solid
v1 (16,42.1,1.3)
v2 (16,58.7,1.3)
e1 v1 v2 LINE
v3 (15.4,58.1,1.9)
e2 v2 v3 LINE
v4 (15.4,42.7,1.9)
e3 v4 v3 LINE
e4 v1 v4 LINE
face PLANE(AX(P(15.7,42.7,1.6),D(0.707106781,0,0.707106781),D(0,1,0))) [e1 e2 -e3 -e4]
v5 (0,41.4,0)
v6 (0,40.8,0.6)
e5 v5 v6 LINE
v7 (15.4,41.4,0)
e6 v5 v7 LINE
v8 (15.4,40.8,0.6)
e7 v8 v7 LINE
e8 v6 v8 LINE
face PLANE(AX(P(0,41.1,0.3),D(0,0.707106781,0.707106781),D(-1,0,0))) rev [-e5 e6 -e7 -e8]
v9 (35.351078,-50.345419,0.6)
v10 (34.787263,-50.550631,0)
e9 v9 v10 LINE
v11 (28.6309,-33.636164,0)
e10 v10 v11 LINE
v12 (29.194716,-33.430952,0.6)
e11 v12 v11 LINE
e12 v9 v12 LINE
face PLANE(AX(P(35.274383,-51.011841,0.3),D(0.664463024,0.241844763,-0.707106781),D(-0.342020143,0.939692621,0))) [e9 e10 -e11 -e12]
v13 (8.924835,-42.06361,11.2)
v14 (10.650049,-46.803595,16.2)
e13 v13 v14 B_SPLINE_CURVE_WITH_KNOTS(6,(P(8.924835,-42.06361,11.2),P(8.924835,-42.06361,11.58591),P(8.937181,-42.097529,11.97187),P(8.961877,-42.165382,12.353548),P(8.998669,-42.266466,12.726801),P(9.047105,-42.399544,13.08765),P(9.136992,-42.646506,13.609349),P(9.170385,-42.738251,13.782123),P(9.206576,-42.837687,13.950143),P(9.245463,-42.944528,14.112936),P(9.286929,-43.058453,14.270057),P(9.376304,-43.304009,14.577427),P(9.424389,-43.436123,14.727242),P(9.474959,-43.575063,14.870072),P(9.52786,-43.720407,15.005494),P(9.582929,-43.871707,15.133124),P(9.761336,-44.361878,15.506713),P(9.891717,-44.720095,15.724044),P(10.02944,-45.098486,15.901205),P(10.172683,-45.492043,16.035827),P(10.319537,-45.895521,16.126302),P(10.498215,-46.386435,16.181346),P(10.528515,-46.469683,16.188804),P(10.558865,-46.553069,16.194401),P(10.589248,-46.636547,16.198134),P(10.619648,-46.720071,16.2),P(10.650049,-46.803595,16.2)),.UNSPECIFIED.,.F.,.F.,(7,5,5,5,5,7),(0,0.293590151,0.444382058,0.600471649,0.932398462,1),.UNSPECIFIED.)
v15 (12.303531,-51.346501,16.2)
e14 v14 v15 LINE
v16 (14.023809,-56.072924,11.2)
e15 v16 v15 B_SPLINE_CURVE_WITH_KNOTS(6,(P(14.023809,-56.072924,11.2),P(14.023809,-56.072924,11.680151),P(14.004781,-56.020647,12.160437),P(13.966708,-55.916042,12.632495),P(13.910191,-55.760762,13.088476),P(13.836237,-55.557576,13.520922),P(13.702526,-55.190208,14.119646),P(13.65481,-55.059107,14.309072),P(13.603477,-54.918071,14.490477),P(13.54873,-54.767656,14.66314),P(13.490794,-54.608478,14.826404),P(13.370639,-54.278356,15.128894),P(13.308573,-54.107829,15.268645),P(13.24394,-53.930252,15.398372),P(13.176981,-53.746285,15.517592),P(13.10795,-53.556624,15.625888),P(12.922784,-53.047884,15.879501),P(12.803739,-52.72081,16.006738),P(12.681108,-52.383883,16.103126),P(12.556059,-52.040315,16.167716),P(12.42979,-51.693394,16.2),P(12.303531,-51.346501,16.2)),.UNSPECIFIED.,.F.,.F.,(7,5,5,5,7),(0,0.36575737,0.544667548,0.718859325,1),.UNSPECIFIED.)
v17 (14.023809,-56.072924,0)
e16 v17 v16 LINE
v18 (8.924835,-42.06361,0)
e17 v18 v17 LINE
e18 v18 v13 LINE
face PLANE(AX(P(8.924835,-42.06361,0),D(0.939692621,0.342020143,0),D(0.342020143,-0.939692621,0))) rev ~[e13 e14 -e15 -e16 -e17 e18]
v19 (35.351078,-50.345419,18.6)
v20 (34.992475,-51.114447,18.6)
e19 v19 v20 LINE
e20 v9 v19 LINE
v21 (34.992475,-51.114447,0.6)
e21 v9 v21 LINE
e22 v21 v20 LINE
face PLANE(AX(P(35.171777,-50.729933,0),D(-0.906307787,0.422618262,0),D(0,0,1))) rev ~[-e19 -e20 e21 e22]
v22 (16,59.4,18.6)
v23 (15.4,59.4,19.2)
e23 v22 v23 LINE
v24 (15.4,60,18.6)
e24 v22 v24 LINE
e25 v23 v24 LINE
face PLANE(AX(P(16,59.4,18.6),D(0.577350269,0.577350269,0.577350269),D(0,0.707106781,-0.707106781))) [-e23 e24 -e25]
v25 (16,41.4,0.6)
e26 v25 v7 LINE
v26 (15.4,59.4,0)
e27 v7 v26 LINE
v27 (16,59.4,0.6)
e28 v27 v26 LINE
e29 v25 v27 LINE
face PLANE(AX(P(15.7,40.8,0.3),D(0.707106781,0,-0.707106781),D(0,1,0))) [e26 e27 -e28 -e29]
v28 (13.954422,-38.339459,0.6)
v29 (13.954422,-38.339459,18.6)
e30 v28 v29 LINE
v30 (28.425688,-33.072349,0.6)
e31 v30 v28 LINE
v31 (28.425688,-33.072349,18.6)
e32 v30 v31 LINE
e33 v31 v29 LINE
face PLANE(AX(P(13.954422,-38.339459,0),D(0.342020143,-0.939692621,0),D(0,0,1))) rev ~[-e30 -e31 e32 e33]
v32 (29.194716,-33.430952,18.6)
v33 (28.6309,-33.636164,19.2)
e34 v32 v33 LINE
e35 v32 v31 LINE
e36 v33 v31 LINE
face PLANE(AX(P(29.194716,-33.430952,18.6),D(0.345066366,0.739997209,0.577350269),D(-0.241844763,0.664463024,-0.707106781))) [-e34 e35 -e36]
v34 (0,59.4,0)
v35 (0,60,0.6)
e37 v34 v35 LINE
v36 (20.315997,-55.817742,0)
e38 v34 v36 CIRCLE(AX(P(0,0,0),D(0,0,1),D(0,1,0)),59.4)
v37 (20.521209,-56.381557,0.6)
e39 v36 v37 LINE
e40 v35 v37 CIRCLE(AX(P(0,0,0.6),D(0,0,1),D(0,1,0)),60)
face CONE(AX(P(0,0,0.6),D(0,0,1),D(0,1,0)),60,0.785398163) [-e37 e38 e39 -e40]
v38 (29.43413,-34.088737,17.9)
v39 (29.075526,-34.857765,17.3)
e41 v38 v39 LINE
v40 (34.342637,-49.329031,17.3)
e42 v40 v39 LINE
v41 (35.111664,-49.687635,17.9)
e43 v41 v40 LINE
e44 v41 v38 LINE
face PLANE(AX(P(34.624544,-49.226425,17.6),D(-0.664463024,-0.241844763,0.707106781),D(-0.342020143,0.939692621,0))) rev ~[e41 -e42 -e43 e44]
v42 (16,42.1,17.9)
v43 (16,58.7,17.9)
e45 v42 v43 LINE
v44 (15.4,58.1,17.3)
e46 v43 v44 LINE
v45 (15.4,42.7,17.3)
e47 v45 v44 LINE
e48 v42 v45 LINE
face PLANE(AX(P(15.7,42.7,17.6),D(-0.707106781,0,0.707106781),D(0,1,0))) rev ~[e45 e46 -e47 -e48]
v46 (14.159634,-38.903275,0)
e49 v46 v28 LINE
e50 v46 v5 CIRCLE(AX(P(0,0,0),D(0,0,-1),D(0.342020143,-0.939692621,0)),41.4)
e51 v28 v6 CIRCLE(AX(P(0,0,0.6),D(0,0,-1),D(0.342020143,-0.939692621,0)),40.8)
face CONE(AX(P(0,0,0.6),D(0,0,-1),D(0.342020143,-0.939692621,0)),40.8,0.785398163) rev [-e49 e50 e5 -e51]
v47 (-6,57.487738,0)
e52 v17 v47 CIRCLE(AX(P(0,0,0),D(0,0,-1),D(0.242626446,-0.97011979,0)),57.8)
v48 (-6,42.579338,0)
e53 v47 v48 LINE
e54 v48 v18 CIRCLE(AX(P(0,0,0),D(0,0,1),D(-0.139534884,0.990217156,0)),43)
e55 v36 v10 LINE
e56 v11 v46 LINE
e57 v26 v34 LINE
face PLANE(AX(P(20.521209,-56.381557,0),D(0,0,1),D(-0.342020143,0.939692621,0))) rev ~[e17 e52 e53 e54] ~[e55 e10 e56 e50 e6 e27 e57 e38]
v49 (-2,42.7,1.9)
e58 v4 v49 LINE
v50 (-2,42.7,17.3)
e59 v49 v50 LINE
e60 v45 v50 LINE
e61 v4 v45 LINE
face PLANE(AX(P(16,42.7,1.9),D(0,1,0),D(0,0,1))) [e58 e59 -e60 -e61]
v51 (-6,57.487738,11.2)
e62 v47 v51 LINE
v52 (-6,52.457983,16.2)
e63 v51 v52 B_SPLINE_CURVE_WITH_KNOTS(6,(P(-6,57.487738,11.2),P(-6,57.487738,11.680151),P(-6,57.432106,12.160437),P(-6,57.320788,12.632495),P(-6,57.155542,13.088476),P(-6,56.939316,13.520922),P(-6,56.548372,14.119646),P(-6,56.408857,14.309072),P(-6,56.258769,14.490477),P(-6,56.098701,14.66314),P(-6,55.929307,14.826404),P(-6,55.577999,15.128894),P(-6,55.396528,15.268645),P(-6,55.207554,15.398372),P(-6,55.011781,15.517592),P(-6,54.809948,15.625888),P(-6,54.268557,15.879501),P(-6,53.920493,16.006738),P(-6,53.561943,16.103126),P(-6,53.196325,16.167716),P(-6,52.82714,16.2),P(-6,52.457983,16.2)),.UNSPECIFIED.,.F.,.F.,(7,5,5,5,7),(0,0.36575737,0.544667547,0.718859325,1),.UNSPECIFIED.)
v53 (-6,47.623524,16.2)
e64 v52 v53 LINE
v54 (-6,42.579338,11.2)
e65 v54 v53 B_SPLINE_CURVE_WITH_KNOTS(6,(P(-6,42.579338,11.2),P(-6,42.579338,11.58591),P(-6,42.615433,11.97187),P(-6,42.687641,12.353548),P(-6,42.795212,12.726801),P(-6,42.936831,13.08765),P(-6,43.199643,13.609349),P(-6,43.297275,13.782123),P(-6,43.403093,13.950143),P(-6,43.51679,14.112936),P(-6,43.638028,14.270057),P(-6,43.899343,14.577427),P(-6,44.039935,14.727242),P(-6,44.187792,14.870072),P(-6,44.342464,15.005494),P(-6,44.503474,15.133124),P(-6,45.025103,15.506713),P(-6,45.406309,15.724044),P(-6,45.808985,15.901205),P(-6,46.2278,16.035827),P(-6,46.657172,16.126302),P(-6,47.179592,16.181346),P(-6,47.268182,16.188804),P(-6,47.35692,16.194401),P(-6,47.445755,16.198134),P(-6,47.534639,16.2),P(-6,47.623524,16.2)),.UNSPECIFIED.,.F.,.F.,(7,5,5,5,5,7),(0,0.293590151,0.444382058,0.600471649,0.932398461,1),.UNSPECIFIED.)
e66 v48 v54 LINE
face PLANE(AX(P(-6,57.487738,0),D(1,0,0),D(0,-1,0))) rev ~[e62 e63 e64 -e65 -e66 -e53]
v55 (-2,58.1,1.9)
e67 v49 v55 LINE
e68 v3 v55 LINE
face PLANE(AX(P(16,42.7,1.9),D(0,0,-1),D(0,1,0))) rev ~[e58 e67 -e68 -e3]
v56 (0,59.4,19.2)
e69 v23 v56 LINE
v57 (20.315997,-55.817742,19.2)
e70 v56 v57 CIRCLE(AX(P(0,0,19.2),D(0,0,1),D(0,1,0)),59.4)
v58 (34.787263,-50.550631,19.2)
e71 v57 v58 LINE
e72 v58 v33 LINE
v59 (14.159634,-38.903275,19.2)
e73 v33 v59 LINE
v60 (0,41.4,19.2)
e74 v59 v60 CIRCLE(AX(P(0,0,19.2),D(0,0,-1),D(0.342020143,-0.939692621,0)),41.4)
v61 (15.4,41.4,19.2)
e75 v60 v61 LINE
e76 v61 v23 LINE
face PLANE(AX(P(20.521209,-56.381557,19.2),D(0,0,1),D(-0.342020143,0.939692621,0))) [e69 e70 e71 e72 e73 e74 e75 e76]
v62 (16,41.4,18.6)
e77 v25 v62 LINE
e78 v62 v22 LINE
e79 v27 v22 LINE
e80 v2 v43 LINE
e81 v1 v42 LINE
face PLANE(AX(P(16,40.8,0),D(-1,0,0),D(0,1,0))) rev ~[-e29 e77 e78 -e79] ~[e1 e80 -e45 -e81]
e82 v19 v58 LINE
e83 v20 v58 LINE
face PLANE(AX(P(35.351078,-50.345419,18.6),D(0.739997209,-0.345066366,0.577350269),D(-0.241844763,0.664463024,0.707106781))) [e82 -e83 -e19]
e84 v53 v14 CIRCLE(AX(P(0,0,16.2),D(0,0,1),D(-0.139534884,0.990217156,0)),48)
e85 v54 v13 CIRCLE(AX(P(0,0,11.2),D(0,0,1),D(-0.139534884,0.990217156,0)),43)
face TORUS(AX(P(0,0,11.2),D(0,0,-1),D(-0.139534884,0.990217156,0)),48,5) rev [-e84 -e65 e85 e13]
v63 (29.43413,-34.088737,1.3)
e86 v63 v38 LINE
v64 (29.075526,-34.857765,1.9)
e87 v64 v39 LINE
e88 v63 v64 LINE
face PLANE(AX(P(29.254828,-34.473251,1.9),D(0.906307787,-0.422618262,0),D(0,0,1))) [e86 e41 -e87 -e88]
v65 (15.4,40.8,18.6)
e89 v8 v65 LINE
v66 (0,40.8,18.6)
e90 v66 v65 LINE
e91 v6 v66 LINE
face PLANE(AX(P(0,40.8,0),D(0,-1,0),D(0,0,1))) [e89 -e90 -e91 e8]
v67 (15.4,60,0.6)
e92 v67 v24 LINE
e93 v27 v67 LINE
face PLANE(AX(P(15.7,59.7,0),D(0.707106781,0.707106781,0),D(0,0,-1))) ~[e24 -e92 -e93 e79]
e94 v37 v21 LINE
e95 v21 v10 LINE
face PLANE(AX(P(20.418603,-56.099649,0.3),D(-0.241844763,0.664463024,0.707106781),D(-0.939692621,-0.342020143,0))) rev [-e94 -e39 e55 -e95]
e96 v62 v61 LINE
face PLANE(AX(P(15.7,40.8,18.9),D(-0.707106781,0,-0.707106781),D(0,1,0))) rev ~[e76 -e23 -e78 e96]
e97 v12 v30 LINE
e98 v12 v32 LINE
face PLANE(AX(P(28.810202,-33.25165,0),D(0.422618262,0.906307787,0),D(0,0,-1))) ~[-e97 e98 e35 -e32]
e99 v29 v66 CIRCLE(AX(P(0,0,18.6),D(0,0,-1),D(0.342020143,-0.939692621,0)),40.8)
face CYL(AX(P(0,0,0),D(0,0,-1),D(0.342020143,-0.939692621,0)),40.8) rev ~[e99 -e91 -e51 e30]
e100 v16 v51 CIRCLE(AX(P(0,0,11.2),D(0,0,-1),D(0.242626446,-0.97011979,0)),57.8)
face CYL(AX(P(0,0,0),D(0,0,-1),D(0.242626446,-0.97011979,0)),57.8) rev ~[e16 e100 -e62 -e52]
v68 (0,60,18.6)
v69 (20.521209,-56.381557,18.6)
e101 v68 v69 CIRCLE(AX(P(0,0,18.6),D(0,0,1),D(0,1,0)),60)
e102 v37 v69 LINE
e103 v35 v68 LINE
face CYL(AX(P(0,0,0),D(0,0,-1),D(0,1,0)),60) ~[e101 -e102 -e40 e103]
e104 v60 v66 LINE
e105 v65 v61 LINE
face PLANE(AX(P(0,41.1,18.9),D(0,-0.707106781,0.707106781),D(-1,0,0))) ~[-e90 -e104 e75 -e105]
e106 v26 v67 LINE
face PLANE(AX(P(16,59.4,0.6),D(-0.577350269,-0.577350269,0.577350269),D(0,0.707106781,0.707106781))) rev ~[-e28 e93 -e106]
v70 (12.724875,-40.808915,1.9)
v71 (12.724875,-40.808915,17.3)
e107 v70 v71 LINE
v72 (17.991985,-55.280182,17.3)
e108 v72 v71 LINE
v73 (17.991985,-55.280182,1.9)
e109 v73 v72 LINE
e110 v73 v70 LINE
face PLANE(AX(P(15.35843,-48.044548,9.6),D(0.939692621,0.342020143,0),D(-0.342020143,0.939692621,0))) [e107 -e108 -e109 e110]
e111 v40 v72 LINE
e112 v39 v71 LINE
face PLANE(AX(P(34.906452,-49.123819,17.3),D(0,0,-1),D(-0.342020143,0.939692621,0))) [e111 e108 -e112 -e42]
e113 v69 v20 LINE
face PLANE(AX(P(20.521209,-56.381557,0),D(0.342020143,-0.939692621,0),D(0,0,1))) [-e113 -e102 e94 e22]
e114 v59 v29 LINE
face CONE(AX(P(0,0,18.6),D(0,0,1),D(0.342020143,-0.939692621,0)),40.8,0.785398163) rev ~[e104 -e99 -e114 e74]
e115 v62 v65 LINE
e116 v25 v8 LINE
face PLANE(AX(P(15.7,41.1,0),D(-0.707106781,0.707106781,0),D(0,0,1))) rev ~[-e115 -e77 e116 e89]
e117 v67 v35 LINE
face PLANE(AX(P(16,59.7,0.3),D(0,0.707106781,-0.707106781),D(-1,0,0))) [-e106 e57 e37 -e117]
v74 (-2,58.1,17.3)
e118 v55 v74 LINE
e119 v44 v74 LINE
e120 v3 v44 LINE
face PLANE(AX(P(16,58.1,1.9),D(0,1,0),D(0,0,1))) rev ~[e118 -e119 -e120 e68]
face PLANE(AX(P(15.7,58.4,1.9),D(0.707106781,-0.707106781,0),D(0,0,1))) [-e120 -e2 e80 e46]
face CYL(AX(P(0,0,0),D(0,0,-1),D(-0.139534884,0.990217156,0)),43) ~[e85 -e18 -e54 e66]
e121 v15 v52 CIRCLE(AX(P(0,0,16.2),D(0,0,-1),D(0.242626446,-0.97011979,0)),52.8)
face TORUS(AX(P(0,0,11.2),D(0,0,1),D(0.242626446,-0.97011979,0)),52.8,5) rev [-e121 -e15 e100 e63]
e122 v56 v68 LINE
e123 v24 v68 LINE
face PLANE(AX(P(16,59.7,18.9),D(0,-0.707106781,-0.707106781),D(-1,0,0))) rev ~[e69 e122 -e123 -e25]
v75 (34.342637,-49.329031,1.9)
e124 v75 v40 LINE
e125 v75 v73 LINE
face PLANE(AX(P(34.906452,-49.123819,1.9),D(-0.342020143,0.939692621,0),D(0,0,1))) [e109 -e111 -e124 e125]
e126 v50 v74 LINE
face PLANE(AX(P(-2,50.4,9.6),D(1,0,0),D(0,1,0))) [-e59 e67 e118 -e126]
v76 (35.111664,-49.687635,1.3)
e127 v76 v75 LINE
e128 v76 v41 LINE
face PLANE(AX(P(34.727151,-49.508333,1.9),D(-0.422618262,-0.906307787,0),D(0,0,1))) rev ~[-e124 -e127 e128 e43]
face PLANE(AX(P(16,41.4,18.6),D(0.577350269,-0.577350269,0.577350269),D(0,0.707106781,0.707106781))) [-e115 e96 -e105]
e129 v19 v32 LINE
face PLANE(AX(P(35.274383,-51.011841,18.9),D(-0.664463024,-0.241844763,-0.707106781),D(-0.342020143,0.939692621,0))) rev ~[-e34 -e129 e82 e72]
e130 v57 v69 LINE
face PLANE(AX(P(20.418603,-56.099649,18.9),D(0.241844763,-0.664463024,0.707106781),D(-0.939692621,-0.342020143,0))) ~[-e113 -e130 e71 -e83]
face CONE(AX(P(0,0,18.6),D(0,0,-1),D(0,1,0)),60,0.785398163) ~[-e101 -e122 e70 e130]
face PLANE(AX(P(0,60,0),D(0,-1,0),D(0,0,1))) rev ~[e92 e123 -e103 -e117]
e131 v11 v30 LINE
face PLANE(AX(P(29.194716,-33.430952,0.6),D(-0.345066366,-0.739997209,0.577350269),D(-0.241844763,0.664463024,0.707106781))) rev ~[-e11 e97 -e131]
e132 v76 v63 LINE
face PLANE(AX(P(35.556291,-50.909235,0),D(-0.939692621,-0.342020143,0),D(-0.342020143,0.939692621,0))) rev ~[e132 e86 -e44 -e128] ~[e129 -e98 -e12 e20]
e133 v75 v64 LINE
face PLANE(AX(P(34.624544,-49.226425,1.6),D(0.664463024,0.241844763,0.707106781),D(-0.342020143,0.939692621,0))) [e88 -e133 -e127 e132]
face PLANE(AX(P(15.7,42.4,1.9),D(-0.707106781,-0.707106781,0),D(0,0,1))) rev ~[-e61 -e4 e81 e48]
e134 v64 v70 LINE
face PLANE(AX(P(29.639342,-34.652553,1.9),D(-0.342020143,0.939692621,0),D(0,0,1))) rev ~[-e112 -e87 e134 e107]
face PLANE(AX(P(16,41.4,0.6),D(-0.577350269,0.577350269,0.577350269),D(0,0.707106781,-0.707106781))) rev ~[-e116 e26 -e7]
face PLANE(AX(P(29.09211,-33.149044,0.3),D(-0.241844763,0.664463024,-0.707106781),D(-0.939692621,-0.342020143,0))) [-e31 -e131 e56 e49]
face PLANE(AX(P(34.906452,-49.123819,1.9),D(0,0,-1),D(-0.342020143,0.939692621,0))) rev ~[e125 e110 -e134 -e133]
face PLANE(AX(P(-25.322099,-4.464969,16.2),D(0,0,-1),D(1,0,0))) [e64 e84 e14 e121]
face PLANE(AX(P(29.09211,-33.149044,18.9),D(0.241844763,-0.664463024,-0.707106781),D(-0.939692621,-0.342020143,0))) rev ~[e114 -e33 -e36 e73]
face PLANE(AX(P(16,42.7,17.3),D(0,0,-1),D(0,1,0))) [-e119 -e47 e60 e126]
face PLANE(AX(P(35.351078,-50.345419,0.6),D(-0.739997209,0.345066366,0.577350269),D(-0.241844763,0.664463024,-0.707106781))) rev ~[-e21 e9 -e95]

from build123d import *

# Parameters (mm, degrees)
F1_DEPTH  = 19.2
F2_DEPTH  = 16
F3_DEPTH  = 16
F4_W      = 15.4
F4_H      = 15.4
F5_DEPTH  = 18
F6_W      = 15.4
F6_H      = 15.4
F7_DEPTH  = 18
F8_SIZE   = 0.6
F10_DEPTH = 16.2
F11_R     = 5


with BuildPart() as f1:
    # F0 (on Top) → F1 (new body)
    with BuildSketch(Plane.XY):
        with BuildLine():
            Line((0, 40.8), (0, 60))
            ThreePointArc((0, 60), (-59.0884651807, -10.41889066), (20.5212085995, -56.3815572472))
            Line((20.5212085995, -56.3815572472), (13.9544218477, -38.3394589281))
            ThreePointArc((13.9544218477, -38.3394589281), (-40.1801563229, -7.0848456488), (0, 40.8))
        make_face()
    extrude(amount=F1_DEPTH)

    # F2 (add): a face of the model
    f2_faces = [f1.faces().sort_by_distance(p)[0] for p in [
        (0, 50.4, 9.6),
    ]]
    extrude(f2_faces, amount=F2_DEPTH)

    # F3 (add): a face of the model
    f3_faces = [f1.faces().sort_by_distance(p)[0] for p in [
        (17.2378152236, -47.3605080876, 9.6),
    ]]
    extrude(f3_faces, amount=F3_DEPTH)

    # F4 (on face) → F5 (cut)
    with BuildSketch(Plane.YZ.offset(16)):
        with Locations((50.4, 9.6)):
            Rectangle(F4_W, F4_H)
    extrude(amount=-F5_DEPTH, mode=Mode.SUBTRACT)

    # F6 (on face) → F7 (cut)
    with BuildSketch(Plane(origin=(15.0350819326, 5.4723222932, 0), x_dir=(-0.3420201433, 0.9396926208, 0), z_dir=(0.9396926208, 0.3420201433, 0))):
        with Locations((-50.4, 9.6)):
            Rectangle(F6_W, F6_H)
    extrude(amount=-F7_DEPTH, mode=Mode.SUBTRACT)

    # F8
    f8_edges = [f1.edges().sort_by_distance(p)[0] for p in [
        (-40.180156, -7.084846, 19.2),
        (-59.088465, -10.418891, 19.2),
        (-40.180156, -7.084846, 0),
        (-59.088465, -10.418891, 0),
        (16, 40.8, 9.6),
        (16, 50.4, 0),
        (16, 50.4, 19.2),
        (16, 60, 9.6),
        (16, 50.4, 17.3),
        (16, 58.1, 9.6),
        (16, 50.4, 1.9),
        (16, 42.7, 9.6),
        (35.556291, -50.909235, 9.6),
        (32.272897, -41.888186, 0),
        (32.272897, -41.888186, 19.2),
        (28.989504, -32.867137, 9.6),
        (32.272897, -41.888186, 17.3),
        (29.639342, -34.652553, 9.6),
        (32.272897, -41.888186, 1.9),
        (34.906452, -49.123819, 9.6),
    ]]
    chamfer(f8_edges, length=F8_SIZE)

    # F9 (on face) → F10 (cut)
    with BuildSketch(Plane(origin=(0, 0, 0), x_dir=(1, 0, 0), z_dir=(0, 0, -1))):
        with BuildLine():
            Line((8.9248354623, 42.063610306), (14.023808605, 56.0729238779))
            ThreePointArc((14.023808605, 56.0729238779), (-56.9218881241, 10.0368646691), (-6, -57.4877378229))
            Line((-6, -57.4877378229), (-6, -42.5793377121))
            ThreePointArc((-6, -42.5793377121), (-42.3467333795, 7.4668716397), (8.9248354623, 42.063610306))
        make_face()
    extrude(amount=-F10_DEPTH, mode=Mode.SUBTRACT)

    # F11
    f11_edges = [f1.edges().sort_by_distance(p)[0] for p in [
        (-56.921888, -10.036865, 16.2),
        (-42.346733, -7.466872, 16.2),
    ]]
    fillet(f11_edges, radius=F11_R)


solid = f1.part
